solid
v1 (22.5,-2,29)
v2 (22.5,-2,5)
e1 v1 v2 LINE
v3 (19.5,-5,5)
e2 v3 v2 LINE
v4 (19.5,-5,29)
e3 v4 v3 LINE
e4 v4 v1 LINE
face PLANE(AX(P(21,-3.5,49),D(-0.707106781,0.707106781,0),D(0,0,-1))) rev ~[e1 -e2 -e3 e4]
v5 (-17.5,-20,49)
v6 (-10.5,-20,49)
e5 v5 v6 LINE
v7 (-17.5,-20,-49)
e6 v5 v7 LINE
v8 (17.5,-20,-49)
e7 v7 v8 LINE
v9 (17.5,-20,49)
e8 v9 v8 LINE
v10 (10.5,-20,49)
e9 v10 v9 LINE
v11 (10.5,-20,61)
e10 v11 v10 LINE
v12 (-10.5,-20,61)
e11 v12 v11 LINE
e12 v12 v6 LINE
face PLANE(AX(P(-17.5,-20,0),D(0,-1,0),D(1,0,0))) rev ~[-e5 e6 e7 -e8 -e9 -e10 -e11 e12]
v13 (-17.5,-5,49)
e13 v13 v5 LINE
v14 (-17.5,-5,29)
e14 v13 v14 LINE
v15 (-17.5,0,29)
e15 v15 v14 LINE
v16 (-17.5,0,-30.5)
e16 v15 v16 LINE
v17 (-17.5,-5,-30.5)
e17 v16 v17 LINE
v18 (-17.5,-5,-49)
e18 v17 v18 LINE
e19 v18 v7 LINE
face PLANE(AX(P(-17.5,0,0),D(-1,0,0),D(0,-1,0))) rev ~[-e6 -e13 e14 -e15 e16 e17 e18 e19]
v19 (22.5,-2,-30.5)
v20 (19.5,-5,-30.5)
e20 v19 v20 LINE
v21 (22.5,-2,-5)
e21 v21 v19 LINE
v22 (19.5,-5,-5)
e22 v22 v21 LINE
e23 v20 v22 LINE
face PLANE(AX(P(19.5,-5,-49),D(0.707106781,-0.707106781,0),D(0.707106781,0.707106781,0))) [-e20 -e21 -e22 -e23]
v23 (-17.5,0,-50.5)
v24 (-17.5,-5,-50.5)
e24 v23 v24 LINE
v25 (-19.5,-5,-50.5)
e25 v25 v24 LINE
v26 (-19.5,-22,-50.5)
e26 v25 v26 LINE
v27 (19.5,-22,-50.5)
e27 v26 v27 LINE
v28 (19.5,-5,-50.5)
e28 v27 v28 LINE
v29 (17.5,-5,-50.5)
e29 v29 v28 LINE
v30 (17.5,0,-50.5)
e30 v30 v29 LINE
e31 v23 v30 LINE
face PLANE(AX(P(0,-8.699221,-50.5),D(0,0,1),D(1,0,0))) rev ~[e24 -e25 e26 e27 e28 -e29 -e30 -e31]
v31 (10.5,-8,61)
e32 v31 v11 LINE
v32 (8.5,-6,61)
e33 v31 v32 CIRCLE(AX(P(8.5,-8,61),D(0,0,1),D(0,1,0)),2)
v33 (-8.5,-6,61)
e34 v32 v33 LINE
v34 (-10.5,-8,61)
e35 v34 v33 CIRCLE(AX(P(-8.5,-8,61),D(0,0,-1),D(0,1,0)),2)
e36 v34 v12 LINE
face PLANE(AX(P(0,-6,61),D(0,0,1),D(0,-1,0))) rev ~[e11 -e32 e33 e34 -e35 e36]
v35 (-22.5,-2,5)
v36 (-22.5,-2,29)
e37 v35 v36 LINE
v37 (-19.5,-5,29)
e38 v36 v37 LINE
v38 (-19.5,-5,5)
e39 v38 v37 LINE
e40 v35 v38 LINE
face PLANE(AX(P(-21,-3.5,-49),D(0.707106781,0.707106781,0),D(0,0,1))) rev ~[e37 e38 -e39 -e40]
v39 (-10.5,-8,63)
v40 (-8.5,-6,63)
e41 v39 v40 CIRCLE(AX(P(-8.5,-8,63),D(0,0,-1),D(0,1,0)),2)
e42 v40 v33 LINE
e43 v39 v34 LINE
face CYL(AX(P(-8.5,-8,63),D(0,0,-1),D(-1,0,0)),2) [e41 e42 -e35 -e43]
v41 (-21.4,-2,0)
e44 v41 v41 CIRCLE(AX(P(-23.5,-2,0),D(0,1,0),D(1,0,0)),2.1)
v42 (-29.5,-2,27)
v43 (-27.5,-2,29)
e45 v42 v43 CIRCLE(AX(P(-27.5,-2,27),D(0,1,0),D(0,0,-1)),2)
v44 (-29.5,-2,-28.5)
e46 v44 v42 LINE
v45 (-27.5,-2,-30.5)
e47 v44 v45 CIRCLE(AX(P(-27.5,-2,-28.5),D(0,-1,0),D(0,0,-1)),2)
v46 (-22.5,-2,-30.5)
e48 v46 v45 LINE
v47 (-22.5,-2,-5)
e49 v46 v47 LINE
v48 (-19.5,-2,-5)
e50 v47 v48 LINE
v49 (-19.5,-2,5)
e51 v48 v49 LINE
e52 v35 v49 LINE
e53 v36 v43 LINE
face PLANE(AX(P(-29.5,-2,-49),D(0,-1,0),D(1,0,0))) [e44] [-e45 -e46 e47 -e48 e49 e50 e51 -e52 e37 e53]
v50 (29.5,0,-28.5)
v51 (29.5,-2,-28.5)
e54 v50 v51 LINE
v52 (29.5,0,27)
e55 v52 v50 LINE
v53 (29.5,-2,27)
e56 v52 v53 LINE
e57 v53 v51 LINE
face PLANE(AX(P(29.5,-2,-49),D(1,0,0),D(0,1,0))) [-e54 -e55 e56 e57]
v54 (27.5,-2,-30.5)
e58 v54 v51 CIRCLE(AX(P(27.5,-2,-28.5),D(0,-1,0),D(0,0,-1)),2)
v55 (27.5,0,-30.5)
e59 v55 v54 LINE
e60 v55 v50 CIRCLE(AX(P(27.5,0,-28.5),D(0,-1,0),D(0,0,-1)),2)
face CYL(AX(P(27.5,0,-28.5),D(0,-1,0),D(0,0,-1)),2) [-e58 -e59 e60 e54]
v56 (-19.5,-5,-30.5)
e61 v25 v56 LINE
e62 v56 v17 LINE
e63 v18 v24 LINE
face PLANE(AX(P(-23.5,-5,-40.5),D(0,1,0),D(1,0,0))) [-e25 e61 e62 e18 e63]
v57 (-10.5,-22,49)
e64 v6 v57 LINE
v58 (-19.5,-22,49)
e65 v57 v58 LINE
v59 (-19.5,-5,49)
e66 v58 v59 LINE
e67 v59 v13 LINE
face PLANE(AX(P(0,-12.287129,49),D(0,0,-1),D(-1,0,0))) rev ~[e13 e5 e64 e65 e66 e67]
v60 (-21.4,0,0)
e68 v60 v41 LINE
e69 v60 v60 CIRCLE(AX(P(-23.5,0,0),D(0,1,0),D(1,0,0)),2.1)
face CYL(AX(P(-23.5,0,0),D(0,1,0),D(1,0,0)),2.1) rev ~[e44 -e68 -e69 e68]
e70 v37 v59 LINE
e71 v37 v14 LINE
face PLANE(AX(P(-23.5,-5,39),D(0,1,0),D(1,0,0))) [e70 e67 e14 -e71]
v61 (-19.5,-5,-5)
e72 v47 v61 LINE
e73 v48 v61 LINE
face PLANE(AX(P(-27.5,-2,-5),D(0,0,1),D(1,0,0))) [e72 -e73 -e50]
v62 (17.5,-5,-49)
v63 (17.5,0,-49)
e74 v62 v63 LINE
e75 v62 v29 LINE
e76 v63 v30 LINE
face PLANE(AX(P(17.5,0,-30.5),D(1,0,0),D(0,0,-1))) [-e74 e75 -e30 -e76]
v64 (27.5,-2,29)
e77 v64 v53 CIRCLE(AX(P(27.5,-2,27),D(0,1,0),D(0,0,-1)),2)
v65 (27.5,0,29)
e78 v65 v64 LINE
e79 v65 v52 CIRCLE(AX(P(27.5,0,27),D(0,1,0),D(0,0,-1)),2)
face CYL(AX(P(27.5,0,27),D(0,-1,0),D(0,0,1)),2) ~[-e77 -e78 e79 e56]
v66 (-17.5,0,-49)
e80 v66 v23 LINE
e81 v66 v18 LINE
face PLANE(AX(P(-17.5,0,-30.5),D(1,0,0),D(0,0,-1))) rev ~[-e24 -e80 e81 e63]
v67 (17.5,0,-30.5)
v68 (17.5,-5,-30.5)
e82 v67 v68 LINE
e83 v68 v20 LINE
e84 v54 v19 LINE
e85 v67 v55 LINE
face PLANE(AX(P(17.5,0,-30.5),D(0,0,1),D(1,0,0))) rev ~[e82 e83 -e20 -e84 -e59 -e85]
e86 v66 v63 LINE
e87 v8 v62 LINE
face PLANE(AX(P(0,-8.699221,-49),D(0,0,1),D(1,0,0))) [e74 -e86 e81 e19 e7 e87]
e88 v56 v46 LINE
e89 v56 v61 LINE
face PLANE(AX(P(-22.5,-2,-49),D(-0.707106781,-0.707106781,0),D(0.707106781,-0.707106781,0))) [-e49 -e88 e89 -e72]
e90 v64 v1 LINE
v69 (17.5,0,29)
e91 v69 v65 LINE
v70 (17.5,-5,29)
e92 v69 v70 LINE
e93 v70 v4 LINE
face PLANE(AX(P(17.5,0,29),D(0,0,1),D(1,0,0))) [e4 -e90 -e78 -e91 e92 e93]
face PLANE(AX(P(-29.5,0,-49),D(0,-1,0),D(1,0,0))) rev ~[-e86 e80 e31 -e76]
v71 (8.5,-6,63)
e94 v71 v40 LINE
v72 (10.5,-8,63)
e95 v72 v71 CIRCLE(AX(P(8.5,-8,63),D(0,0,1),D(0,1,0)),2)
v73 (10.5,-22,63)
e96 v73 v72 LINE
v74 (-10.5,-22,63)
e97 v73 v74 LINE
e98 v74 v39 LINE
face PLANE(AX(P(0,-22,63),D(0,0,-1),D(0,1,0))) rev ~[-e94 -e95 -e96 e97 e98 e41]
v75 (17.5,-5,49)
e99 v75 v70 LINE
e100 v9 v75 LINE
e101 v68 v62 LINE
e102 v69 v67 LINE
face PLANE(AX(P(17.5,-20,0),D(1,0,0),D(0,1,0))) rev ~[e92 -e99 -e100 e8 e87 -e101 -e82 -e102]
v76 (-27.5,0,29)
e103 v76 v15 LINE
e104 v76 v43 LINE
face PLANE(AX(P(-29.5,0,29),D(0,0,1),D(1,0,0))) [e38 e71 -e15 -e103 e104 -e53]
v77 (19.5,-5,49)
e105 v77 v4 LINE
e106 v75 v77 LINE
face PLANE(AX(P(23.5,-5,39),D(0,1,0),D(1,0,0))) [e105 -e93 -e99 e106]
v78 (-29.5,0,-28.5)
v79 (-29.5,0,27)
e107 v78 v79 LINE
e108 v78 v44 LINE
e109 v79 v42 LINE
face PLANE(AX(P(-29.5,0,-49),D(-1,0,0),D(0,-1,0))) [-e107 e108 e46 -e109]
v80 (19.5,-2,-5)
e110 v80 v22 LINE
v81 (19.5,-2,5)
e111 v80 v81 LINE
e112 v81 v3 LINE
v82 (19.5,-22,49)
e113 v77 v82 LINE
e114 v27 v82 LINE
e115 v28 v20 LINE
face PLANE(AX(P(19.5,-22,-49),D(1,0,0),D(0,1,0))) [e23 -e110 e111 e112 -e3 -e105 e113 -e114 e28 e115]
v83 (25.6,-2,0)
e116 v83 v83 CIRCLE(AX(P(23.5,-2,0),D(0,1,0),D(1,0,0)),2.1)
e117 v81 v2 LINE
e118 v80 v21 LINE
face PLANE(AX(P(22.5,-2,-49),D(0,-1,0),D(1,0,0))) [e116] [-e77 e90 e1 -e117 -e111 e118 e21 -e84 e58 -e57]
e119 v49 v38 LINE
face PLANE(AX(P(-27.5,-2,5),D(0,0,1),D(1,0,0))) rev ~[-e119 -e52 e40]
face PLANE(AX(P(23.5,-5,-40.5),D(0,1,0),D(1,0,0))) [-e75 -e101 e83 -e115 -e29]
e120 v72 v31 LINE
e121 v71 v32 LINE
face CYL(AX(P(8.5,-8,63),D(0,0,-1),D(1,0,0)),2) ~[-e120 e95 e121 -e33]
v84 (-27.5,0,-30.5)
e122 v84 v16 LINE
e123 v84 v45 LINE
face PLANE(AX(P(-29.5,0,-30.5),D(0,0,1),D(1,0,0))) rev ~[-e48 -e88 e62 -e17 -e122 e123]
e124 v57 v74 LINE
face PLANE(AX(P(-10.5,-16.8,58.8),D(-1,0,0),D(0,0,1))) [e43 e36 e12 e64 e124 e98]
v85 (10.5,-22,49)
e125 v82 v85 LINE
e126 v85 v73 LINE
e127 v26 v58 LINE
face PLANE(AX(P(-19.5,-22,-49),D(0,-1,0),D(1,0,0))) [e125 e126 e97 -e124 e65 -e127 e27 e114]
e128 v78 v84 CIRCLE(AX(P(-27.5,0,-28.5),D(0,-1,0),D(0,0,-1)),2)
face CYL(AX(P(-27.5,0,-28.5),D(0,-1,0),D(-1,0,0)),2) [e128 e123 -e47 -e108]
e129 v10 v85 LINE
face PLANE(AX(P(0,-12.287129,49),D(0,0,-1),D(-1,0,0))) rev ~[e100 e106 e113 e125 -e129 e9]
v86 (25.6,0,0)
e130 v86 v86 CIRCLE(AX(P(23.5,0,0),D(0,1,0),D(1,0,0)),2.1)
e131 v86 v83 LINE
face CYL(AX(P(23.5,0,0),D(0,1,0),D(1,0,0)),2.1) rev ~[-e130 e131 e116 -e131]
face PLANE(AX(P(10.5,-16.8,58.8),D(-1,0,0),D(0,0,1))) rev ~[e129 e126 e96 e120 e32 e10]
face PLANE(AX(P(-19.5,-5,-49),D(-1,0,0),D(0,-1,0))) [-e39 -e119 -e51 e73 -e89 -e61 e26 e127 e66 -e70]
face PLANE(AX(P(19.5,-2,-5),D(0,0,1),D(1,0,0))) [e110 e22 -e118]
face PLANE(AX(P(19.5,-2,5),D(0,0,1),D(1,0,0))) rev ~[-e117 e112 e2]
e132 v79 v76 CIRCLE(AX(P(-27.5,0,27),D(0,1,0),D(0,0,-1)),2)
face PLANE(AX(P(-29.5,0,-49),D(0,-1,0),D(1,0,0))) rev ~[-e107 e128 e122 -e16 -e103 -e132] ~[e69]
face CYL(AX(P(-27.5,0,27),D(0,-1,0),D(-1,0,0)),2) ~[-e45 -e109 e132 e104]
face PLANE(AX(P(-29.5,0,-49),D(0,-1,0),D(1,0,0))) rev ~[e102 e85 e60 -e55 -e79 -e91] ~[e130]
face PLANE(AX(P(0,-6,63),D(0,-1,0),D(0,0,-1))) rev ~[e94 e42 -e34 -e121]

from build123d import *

# Parameters (mm, degrees)
BOSS_EXTRUDE1_DEPTH = 49
BOSS_EXTRUDE3_DEPTH = 10.5
CHAMFER1_SIZE       = 3
SKETCH4_R           = 2.1
CUT_EXTRUDE1_DEPTH  = 23
SKETCH5_W           = 8
SKETCH5_H           = 10
CUT_EXTRUDE2_DEPTH  = 21
BOSS_EXTRUDE5_DEPTH = 1.5
SKETCH6_W           = 12
SKETCH6_H           = 20
CUT_EXTRUDE3_DEPTH  = 5
FILLET1_R           = 2


with BuildPart() as part:
    # Sketch1 → Boss-Extrude1 (new body, symmetric)
    with BuildSketch(Plane.XY):
        Polygon((-29.5, 0), (-17.5, 0), (-17.5, -20), (17.5, -20), (17.5, 0), (29.5, 0), (29.5, -2), (19.5, -2), (19.5, -22), (-19.5, -22), (-19.5, -2), (-29.5, -2), align=None)
    extrude(amount=BOSS_EXTRUDE1_DEPTH, both=True)

    # Sketch3 → Boss-Extrude3 (add, symmetric)
    with BuildSketch(Plane(origin=(0, 0, 0), x_dir=(0, 0, -1), z_dir=(1, 0, 0))):
        Polygon((-49, -22), (-63, -22), (-63, -6), (-61, -6), (-61, -20), (-49, -20), align=None)
    extrude(amount=BOSS_EXTRUDE3_DEPTH, both=True)

    # Chamfer1
    chamfer1_edges = [part.edges().sort_by_distance(p)[0] for p in [
        (19.5, -2, 0),
        (-19.5, -2, 0),
    ]]
    chamfer(chamfer1_edges, length=CHAMFER1_SIZE)

    # Sketch4 → Cut-Extrude1 (cut, through all)
    with BuildSketch(Plane(origin=(0, 0, 0), x_dir=(1, 0, 0), z_dir=(0, 1, 0))):
        with Locations((-23.5, 0)):
            Circle(SKETCH4_R)
        with Locations((23.5, 0)):
            Circle(SKETCH4_R)
    extrude(amount=-CUT_EXTRUDE1_DEPTH, mode=Mode.SUBTRACT)

    # Sketch5 → Cut-Extrude2 (cut, through all)
    with BuildSketch(Plane.XZ.offset(2)):
        with Locations((23.5, 0)):
            Rectangle(SKETCH5_W, SKETCH5_H)
        with Locations((-23.5, 0)):
            Rectangle(SKETCH5_W, SKETCH5_H)
    extrude(amount=CUT_EXTRUDE2_DEPTH, mode=Mode.SUBTRACT)

    # Sketch2 → Boss-Extrude5 (add)
    with BuildSketch(Plane(origin=(0, 0, -49), x_dir=(-1, 0, 0), z_dir=(0, 0, -1))):
        Polygon((-17.5, 0), (17.5, 0), (29.5, 0), (29.5, -2), (22.5, -2), (19.5, -5), (19.5, -22), (-19.5, -22), (-19.5, -5), (-22.5, -2), (-29.5, -2), (-29.5, 0), align=None)
    extrude(amount=BOSS_EXTRUDE5_DEPTH)

    # Sketch6 → Cut-Extrude3 (cut)
    with BuildSketch(Plane(origin=(0, 0, 0), x_dir=(1, 0, 0), z_dir=(0, 1, 0))):
        with Locations((-23.5, -39)):
            Rectangle(SKETCH6_W, SKETCH6_H)
        with Locations((23.5, -39)):
            Rectangle(SKETCH6_W, SKETCH6_H)
        with Locations((23.5, 40.5)):
            Rectangle(SKETCH6_W, SKETCH6_H)
        with Locations((-23.5, 40.5)):
            Rectangle(SKETCH6_W, SKETCH6_H)
    extrude(amount=-CUT_EXTRUDE3_DEPTH, mode=Mode.SUBTRACT)

    # Fillet1
    fillet1_edges = [part.edges().sort_by_distance(p)[0] for p in [
        (-29.5, -1, -30.5),
        (29.5, -1, -30.5),
        (29.5, -1, 29),
        (-29.5, -1, 29),
        (-10.5, -6, 62),
        (10.5, -6, 62),
    ]]
    fillet(fillet1_edges, radius=FILLET1_R)


solid = part.part
